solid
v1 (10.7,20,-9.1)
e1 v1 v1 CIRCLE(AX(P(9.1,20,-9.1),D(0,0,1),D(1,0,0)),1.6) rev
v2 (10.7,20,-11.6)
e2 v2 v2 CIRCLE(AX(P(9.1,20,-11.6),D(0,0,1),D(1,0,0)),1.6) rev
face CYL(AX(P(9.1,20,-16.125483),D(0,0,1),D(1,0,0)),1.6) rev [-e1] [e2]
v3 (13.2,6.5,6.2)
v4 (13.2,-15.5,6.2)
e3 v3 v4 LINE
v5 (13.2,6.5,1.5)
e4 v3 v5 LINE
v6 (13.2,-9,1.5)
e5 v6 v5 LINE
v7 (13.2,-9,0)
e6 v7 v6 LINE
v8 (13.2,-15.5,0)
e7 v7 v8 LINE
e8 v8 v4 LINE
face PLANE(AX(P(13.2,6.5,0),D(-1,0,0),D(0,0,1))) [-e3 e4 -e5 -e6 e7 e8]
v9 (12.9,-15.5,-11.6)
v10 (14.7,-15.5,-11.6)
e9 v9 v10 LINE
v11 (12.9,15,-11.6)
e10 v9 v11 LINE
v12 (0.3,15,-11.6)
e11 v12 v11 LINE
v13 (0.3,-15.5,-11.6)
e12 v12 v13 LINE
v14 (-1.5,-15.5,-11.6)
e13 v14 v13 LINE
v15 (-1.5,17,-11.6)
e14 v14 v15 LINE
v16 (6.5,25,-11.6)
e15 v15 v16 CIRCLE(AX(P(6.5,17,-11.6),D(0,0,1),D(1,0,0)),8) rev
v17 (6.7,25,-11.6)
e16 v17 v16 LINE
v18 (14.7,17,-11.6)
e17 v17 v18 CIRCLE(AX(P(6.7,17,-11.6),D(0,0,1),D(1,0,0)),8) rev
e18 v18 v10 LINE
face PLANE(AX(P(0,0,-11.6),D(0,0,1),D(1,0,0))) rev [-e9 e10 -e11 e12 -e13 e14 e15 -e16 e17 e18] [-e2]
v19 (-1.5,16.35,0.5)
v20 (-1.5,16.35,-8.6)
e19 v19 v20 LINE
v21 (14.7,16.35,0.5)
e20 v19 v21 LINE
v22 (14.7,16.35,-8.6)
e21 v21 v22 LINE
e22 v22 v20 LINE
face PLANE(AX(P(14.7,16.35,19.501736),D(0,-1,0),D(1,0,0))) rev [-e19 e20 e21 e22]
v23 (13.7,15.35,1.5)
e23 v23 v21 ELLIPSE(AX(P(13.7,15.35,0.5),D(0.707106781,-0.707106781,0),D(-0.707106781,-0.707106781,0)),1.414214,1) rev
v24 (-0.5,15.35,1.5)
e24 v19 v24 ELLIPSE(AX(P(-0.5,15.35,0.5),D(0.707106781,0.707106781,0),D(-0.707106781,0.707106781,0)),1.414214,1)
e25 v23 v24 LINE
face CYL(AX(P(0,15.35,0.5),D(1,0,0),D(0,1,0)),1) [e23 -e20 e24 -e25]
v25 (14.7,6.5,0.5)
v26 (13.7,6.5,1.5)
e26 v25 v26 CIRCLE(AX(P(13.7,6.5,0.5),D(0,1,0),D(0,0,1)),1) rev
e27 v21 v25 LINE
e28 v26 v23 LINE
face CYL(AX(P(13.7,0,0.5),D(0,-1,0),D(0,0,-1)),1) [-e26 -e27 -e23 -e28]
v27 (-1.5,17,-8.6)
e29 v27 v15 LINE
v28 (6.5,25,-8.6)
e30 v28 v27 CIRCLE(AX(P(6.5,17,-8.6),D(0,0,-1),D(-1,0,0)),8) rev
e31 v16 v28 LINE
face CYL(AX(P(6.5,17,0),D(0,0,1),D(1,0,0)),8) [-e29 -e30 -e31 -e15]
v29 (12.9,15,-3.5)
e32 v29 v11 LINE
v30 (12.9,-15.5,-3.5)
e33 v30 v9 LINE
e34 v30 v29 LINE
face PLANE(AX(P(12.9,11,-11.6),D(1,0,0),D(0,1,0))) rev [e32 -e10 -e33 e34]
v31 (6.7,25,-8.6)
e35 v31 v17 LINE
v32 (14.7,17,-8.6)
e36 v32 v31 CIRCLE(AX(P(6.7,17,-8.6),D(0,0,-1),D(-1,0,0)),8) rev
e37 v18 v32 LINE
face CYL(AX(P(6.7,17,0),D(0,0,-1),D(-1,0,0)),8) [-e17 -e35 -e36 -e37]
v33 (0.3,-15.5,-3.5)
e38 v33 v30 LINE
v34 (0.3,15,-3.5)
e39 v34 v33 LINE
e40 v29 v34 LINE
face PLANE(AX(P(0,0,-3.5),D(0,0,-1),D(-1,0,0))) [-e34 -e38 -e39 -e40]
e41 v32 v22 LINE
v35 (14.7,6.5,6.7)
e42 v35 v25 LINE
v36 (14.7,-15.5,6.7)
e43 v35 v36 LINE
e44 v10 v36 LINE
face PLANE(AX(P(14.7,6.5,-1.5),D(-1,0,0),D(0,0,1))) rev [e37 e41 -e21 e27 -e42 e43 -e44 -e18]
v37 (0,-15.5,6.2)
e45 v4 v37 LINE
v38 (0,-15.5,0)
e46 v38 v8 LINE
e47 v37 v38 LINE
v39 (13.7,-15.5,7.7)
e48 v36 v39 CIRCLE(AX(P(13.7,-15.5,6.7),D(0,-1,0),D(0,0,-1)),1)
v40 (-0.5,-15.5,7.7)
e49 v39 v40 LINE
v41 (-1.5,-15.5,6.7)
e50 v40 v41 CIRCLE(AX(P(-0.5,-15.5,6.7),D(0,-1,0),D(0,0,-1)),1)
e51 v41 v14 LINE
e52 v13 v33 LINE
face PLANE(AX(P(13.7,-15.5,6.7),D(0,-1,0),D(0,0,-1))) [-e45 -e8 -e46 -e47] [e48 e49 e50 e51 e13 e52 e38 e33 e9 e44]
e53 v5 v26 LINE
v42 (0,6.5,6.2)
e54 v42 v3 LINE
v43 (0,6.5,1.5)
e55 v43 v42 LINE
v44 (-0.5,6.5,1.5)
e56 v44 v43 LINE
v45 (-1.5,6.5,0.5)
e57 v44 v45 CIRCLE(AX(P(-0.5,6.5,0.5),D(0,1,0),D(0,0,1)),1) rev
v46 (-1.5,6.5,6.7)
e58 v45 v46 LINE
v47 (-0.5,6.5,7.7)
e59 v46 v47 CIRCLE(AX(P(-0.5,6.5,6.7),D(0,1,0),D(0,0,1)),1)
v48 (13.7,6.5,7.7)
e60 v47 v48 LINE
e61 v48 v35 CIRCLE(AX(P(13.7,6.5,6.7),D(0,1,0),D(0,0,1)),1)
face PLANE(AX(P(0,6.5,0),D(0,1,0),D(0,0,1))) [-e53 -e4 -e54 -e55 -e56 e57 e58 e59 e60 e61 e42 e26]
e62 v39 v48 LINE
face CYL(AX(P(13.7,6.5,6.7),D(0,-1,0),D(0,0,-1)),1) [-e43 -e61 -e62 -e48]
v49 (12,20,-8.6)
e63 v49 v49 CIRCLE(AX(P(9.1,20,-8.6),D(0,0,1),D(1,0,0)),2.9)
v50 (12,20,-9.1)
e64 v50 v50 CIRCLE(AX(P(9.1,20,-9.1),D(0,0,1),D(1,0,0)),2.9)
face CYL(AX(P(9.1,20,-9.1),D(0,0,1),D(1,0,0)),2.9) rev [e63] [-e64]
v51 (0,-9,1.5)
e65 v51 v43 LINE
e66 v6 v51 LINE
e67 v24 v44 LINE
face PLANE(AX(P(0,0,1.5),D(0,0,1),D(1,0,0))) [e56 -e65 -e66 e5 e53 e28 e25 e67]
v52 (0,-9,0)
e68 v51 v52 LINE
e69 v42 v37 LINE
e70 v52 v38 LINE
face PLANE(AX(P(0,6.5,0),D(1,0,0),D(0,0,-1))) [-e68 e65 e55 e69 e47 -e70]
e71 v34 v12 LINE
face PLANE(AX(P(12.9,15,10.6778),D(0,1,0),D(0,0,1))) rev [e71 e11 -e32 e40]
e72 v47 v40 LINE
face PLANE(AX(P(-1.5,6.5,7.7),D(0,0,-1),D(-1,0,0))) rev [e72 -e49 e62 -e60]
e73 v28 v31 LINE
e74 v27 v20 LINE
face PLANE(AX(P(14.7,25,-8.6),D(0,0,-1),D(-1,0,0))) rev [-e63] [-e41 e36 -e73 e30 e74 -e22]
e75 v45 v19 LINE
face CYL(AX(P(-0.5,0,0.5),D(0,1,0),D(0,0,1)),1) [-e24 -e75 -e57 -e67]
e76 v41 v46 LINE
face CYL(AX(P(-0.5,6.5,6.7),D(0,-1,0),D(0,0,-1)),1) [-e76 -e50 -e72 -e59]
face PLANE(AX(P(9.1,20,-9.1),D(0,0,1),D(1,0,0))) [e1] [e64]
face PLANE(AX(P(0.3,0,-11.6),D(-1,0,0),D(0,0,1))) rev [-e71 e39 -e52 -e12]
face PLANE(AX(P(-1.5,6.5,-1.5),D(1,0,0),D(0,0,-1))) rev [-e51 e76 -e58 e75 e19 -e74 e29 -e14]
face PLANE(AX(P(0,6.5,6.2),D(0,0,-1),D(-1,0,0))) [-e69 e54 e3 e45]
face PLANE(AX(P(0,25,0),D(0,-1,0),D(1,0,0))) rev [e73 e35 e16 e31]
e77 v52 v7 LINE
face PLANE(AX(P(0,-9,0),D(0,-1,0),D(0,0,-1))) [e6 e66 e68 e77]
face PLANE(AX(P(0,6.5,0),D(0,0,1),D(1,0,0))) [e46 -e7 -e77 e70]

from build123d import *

# Parameters (mm, degrees)
CROQUIS2_W               = 16.2
CROQUIS2_H               = 9.2
CROQUIS2_W_2             = 13.2
CROQUIS2_H_2             = 6.2
SALIENTE_EXTRUIR1_DEPTH  = 6.5
CROQUIS3_W               = 16.2
CROQUIS3_H               = 12
SALIENTE_EXTRUIR2_DEPTH  = 2
SALIENTE_EXTRUIR3_DEPTH  = 8.1
CROQUIS5_W               = 16.2
CROQUIS5_H               = 3
SALIENTE_EXTRUIR4_DEPTH  = 13
CROQUIS6_R               = 1.6
CORTAR_EXTRUIR1_DEPTH    = 3
CROQUIS7_W               = 16.2
CROQUIS7_H               = 2
SALIENTE_EXTRUIR5_DEPTH  = 3
CROQUIS8_R               = 2.9
CORTAR_EXTRUIR2_DEPTH    = 0.5
REDONDEO1_R              = 1
REDONDEO6_R              = 8
CROQUIS9_W               = 13.2
CROQUIS9_H               = 6.2
SALIENTE_EXTRUIR6_DEPTH  = 3.5
CROQUIS10_W              = 13.2
CROQUIS10_H              = 1.5
SALIENTE_EXTRUIR7_DEPTH  = 3.5
CROQUIS11_W              = 13.2
CROQUIS11_H              = 6.2
SALIENTE_EXTRUIR8_DEPTH  = 12
CROQUIS12_W              = 13.2
CROQUIS12_H              = 1.5
SALIENTE_EXTRUIR9_DEPTH  = 12
CROQUIS13_W              = 16.2
CROQUIS13_H              = 7.85
SALIENTE_EXTRUIR10_DEPTH = 10.1
CROQUIS14_W              = 12.6
CROQUIS14_H              = 6.5
CORTAR_EXTRUIR3_DEPTH    = 8.1
REDONDEO7_R              = 1


with BuildPart() as part:
    # Croquis2 → Saliente-Extruir1 (new body)
    with BuildSketch(Plane(origin=(0, 0, 0), x_dir=(1, 0, 0), z_dir=(0, 1, 0))):
        with Locations((6.6, -3.1)):
            Rectangle(CROQUIS2_W, CROQUIS2_H)
        with Locations((6.6, -3.1)):
            Rectangle(CROQUIS2_W_2, CROQUIS2_H_2, mode=Mode.SUBTRACT)
    extrude(amount=SALIENTE_EXTRUIR1_DEPTH)

    # Croquis3 → Saliente-Extruir2 (add)
    with BuildSketch(Plane(origin=(0, 0, -1.5), x_dir=(-1, 0, 0), z_dir=(0, 0, -1))):
        with Locations((-6.6, 6)):
            Rectangle(CROQUIS3_W, CROQUIS3_H)
    extrude(amount=SALIENTE_EXTRUIR2_DEPTH)

    # Croquis4 → Saliente-Extruir3 (add)
    with BuildSketch(Plane(origin=(0, 0, -3.5), x_dir=(-1, 0, 0), z_dir=(0, 0, -1))):
        Polygon((1.5, 0), (1.5, 12), (-14.7, 12), (-14.7, 0), (-12.9, 0), (-12.9, 11), (-0.3, 11), (-0.3, 0), align=None)
    extrude(amount=SALIENTE_EXTRUIR3_DEPTH)

    # Croquis5 → Saliente-Extruir4 (add)
    with BuildSketch(Plane(origin=(0, 12, 0), x_dir=(1, 0, 0), z_dir=(0, 1, 0))):
        with Locations((6.6, 10.1)):
            Rectangle(CROQUIS5_W, CROQUIS5_H)
    extrude(amount=SALIENTE_EXTRUIR4_DEPTH)

    # Croquis6 → Cortar-Extruir1 (cut)
    with BuildSketch(Plane.XY.offset(-8.6)):
        with Locations((9.1, 20)):
            Circle(CROQUIS6_R)
    extrude(amount=-CORTAR_EXTRUIR1_DEPTH, mode=Mode.SUBTRACT)

    # Croquis7 → Saliente-Extruir5 (add)
    with BuildSketch(Plane.XY.offset(-1.5)):
        with Locations((6.6, 7.5)):
            Rectangle(CROQUIS7_W, CROQUIS7_H)
    extrude(amount=SALIENTE_EXTRUIR5_DEPTH)

    # Croquis8 → Cortar-Extruir2 (cut)
    with BuildSketch(Plane.XY.offset(-8.6)):
        with Locations((9.1, 20)):
            Circle(CROQUIS8_R)
    extrude(amount=-CORTAR_EXTRUIR2_DEPTH, mode=Mode.SUBTRACT)

    # Redondeo1
    redondeo1_edges = [part.edges().sort_by_distance(p)[0] for p in [
        (14.7, 3.25, 7.7),
        (-1.5, 3.25, 7.7),
    ]]
    fillet(redondeo1_edges, radius=REDONDEO1_R)

    # Redondeo6
    redondeo6_edges = [part.edges().sort_by_distance(p)[0] for p in [
        (14.7, 25, -10.1),
        (-1.5, 25, -10.1),
    ]]
    fillet(redondeo6_edges, radius=REDONDEO6_R)

    # Croquis9 → Saliente-Extruir6 (add)
    with BuildSketch(Plane.XZ):
        with BuildLine():
            Line((13.7, 7.7), (-0.5, 7.7))
            ThreePointArc((-0.5, 7.7), (-1.207106781, 7.407106781), (-1.5, 6.7))
            Line((-1.5, 6.7), (-1.5, -11.6))
            Line((-1.5, -11.6), (0.3, -11.6))
            Line((0.3, -11.6), (0.3, -3.5))
            Line((0.3, -3.5), (12.9, -3.5))
            Line((12.9, -3.5), (12.9, -11.6))
            Line((12.9, -11.6), (14.7, -11.6))
            Line((14.7, -11.6), (14.7, 6.7))
            ThreePointArc((14.7, 6.7), (14.407106781, 7.407106781), (13.7, 7.7))
        make_face()
        with Locations((6.6, 3.1)):
            Rectangle(CROQUIS9_W, CROQUIS9_H, mode=Mode.SUBTRACT)
    extrude(amount=SALIENTE_EXTRUIR6_DEPTH)

    # Croquis10 → Saliente-Extruir7 (add)
    with BuildSketch(Plane.XZ.offset(-6.5)):
        with Locations((6.6, 0.75)):
            Rectangle(CROQUIS10_W, CROQUIS10_H)
    extrude(amount=SALIENTE_EXTRUIR7_DEPTH)

    # Croquis11 → Saliente-Extruir8 (add)
    with BuildSketch(Plane.XZ.offset(3.5)):
        with BuildLine():
            Line((13.7, 7.7), (-0.5, 7.7))
            ThreePointArc((-0.5, 7.7), (-1.207106781, 7.407106781), (-1.5, 6.7))
            Line((-1.5, 6.7), (-1.5, -11.6))
            Line((-1.5, -11.6), (0.3, -11.6))
            Line((0.3, -11.6), (0.3, -3.5))
            Line((0.3, -3.5), (12.9, -3.5))
            Line((12.9, -3.5), (12.9, -11.6))
            Line((12.9, -11.6), (14.7, -11.6))
            Line((14.7, -11.6), (14.7, 6.7))
            ThreePointArc((14.7, 6.7), (14.407106781, 7.407106781), (13.7, 7.7))
        make_face()
        with Locations((6.6, 3.1)):
            Rectangle(CROQUIS11_W, CROQUIS11_H, mode=Mode.SUBTRACT)
    extrude(amount=SALIENTE_EXTRUIR8_DEPTH)

    # Croquis12 → Saliente-Extruir9 (add)
    with BuildSketch(Plane.XZ.offset(-3)):
        with Locations((6.6, 0.75)):
            Rectangle(CROQUIS12_W, CROQUIS12_H)
    extrude(amount=SALIENTE_EXTRUIR9_DEPTH)

    # Croquis13 → Saliente-Extruir10 (add)
    with BuildSketch(Plane.XY.offset(-8.6)):
        with Locations((6.6, 12.425)):
            Rectangle(CROQUIS13_W, CROQUIS13_H)
    extrude(amount=SALIENTE_EXTRUIR10_DEPTH)

    # Croquis14 → Cortar-Extruir3 (cut)
    with BuildSketch(Plane(origin=(0, 0, -11.6), x_dir=(-1, 0, 0), z_dir=(0, 0, -1))):
        with Locations((-6.6, 11.75)):
            Rectangle(CROQUIS14_W, CROQUIS14_H)
    extrude(amount=-CORTAR_EXTRUIR3_DEPTH, mode=Mode.SUBTRACT)

    # Redondeo7
    redondeo7_edges = [part.edges().sort_by_distance(p)[0] for p in [
        (6.6, 16.35, 1.5),
        (14.7, 11.425, 1.5),
        (-1.5, 11.425, 1.5),
    ]]
    fillet(redondeo7_edges, radius=REDONDEO7_R)


solid = part.part
